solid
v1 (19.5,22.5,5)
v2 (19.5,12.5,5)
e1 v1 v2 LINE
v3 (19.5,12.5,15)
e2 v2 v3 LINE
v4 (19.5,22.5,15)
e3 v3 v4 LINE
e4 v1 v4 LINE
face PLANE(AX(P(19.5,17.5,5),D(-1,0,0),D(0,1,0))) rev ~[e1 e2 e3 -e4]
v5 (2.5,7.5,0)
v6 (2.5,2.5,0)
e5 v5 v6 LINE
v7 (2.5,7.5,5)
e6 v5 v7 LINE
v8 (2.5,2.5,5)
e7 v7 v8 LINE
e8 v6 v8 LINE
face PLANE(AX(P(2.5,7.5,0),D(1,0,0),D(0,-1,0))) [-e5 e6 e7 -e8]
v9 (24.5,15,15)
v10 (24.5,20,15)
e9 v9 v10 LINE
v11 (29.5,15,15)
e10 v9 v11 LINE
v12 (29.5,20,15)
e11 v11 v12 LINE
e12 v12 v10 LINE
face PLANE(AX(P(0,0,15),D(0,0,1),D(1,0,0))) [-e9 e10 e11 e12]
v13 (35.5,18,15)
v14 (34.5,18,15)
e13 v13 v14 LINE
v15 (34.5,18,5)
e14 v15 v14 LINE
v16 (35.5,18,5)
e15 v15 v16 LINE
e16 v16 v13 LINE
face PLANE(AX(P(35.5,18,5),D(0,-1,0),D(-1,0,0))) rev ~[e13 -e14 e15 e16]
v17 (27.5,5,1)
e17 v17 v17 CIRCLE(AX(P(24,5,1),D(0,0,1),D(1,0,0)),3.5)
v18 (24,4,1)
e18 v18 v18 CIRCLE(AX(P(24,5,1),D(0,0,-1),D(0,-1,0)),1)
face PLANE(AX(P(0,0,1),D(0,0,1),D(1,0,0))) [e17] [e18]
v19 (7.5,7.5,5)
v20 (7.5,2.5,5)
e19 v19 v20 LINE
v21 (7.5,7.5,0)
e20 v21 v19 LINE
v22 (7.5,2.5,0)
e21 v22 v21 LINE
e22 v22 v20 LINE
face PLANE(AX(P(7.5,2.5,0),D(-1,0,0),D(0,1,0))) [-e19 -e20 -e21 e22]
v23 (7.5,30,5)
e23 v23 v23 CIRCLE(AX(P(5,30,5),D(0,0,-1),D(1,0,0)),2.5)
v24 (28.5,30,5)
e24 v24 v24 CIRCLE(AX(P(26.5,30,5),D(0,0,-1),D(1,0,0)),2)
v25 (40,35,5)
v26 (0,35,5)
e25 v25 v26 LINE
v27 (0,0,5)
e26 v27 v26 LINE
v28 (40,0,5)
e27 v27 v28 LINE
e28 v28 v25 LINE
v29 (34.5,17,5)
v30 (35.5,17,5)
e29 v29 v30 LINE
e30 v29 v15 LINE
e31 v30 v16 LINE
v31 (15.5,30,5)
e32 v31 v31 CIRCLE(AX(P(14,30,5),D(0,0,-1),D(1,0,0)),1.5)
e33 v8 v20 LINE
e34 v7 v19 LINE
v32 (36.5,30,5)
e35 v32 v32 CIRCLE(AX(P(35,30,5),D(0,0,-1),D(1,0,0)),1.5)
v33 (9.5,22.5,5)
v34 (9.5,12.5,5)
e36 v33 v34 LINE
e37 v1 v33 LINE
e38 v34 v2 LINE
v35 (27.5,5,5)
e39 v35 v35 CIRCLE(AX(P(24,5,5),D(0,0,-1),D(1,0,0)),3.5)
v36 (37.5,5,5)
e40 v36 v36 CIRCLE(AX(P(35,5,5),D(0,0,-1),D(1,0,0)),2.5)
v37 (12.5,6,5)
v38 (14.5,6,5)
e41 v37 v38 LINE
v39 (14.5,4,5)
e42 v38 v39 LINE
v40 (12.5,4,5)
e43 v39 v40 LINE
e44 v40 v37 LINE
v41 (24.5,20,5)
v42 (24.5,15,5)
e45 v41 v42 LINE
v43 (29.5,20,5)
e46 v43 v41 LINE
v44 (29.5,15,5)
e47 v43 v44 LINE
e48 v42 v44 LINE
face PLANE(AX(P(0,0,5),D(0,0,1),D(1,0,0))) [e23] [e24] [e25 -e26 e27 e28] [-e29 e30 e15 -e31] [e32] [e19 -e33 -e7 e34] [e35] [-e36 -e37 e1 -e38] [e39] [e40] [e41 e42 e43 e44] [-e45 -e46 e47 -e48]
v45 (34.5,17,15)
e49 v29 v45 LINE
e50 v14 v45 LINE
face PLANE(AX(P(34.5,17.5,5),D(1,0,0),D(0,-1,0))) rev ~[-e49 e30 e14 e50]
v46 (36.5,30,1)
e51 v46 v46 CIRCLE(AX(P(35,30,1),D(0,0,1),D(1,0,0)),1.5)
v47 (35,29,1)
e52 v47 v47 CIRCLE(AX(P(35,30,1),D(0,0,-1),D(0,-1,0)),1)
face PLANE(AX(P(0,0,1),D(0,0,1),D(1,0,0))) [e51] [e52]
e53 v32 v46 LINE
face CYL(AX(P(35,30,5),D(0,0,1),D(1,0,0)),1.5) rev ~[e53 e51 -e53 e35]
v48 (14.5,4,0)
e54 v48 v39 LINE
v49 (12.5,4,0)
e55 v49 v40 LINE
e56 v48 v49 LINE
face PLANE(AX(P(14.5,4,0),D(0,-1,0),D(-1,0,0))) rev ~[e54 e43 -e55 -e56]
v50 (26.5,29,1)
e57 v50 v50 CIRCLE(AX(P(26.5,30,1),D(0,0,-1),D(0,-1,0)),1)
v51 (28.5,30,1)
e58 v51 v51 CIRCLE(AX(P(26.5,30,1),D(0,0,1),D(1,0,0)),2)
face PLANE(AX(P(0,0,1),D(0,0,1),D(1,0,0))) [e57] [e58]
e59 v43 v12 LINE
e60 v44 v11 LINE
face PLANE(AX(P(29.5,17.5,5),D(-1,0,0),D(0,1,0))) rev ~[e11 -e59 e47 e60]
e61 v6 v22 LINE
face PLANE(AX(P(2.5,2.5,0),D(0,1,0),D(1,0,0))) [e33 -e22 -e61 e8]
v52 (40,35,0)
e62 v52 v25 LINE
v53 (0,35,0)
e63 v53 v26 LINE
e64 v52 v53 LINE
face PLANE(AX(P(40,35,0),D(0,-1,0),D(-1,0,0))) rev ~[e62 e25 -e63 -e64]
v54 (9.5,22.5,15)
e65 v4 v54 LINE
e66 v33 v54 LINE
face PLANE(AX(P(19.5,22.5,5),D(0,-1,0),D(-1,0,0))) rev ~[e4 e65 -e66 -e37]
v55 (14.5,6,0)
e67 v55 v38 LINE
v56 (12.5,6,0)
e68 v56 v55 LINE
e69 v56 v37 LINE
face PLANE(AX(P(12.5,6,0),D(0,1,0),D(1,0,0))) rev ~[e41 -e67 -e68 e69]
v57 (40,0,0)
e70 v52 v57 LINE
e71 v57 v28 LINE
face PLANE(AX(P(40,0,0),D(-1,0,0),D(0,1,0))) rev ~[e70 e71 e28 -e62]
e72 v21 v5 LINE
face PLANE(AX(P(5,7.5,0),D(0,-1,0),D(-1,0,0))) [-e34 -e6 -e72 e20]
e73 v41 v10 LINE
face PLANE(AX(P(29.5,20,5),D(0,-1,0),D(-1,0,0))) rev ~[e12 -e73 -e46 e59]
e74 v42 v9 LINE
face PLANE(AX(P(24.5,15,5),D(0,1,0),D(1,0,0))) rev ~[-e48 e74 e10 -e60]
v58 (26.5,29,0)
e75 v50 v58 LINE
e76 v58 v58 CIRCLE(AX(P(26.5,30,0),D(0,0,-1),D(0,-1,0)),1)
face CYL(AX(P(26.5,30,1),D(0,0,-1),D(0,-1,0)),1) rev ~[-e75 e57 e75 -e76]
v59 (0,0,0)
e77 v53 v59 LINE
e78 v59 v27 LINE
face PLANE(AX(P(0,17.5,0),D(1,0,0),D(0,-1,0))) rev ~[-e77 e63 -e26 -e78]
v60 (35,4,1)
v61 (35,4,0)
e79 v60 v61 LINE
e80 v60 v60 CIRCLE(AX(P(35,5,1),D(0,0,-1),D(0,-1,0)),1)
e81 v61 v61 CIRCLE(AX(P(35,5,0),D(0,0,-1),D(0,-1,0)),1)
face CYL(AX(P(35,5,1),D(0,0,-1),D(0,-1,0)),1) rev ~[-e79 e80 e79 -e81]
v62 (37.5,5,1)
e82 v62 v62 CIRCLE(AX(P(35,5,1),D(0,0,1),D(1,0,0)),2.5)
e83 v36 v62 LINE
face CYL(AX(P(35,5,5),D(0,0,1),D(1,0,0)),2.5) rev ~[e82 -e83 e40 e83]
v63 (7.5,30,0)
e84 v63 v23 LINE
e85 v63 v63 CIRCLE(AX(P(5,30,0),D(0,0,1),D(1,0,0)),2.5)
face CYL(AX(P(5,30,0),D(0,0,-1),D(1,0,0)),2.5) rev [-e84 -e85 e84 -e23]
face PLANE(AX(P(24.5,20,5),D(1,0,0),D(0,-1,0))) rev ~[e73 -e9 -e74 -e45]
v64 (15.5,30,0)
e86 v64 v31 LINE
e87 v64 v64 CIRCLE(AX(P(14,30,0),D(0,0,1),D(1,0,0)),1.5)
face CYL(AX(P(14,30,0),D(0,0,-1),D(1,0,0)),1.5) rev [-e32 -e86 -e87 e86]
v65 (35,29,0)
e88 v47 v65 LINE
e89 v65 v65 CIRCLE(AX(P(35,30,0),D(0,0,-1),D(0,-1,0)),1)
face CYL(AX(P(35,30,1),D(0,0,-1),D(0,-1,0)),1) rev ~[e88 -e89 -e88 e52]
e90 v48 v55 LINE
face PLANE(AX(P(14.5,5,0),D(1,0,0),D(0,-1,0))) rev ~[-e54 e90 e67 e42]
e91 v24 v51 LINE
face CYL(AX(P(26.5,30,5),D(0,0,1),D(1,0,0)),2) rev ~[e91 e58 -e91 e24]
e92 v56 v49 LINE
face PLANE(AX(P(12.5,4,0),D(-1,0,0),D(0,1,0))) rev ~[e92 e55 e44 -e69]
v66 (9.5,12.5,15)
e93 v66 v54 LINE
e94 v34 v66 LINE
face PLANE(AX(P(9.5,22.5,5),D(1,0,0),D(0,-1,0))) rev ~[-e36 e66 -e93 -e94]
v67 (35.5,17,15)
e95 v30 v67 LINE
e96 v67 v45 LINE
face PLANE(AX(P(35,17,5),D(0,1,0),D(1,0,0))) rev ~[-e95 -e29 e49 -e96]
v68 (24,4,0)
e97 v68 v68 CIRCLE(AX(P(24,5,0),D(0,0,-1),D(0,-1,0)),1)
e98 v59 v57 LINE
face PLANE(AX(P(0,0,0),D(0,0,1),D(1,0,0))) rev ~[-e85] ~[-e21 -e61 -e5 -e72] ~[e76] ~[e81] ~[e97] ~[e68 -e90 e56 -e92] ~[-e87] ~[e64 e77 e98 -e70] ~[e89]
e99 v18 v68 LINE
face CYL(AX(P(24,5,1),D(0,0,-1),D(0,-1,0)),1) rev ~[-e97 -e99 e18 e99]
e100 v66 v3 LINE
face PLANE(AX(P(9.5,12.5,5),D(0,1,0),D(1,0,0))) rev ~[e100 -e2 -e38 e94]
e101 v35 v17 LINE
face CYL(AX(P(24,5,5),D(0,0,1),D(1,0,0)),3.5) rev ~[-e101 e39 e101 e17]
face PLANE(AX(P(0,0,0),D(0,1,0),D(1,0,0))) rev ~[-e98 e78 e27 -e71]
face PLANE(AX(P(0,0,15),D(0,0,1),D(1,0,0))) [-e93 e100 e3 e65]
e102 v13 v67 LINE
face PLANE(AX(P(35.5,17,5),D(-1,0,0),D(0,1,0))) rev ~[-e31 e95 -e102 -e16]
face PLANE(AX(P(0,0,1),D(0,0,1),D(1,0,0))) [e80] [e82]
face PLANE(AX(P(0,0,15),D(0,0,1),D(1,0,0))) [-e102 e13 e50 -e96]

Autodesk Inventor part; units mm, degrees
ref_plane "YZ Plane" through (0, 0, 0) normal (1, 0, 0) x (0, 1, 0)
ref_plane "XZ Plane" through (0, 0, 0) normal (0, 1, 0) x (-1, 0, 0)
ref_plane "XY Plane" through (0, 0, 0) normal (0, 0, 1) x (1, 0, 0)
sketch "Эскиз1" plane through (0, 0, 0) normal (0, 0, 1) x (1, 0, 0)
  line L0 (0, 0) -> (40, 0)
  line L1 (40, 0) -> (40, 35)
  line L2 (40, 35) -> (0, 35)
  line L3 (0, 35) -> (0, 0)
  line L4 (0, 17.5) -> (40, 17.5)
  line L5 (5, 5) -> (35, 5)
  line L6 (35, 5) -> (35, 30)
  line L7 (35, 30) -> (5, 30)
  line L8 (5, 30) -> (5, 5)
  line L9 (5, 5) -> (35, 30) construction
  line L10 (35, 5) -> (5, 30) construction
  circle A0 centre (5, 30) radius 2.5
  line L11 (5, 30) -> (14, 30)
  circle A1 centre (14, 30) radius 1.5
  line L12 (2.5, 2.5) -> (7.5, 2.5)
  line L13 (7.5, 2.5) -> (7.5, 7.5)
  line L14 (7.5, 7.5) -> (2.5, 7.5)
  line L15 (2.5, 7.5) -> (2.5, 2.5)
  line L16 (2.5, 2.5) -> (7.5, 7.5) construction
  line L17 (7.5, 2.5) -> (2.5, 7.5) construction
  line L18 (5, 5) -> (13.5, 5)
  line L19 (12.5, 6) -> (14.5, 6)
  line L20 (14.5, 6) -> (14.5, 4)
  line L21 (14.5, 4) -> (12.5, 4)
  line L22 (12.5, 4) -> (12.5, 6)
  line L23 (12.5, 6) -> (14.5, 4) construction
  line L24 (14.5, 6) -> (12.5, 4) construction
  point P0 (20, 17.5)
  dimension "d0" = 40
  dimension "d1" = 35
  dimension "d2" = 30
  dimension "d3" = 25
  dimension "d4" = 5
  dimension "d5" = 9
  dimension "d6" = 3
  dimension "d7" = 5
  dimension "d8" = 5
  dimension "d9" = 8.5
  dimension "d10" = 2
  dimension "d11" = 2
extrude "Выдавливание1" add sketch "Эскиз1" along normal blind 5 contours L3 L4 L8 L14 L15 L12 L13 L5 L22 L21 L20 L6 L1 L0 | L3 L2 L1 L4 L6 L7 A1 A0 L8 | L8 A0 L7 A1 L6 L4 | L4 L6 L5 L20 L19 L22 L13 L14 L8
sketch "Эскиз3" plane through (0, 0, 5) normal (0, 0, 1) x (1, 0, 0)
  line L0 (0, 35) -> (0, 0) projected
  line L1 (0, 17.5) -> (40, 17.5)
  line L2 (40, 0) -> (40, 35) projected
  line L3 (40, 0) -> (40, 35) projected
  line L4 (40, 35) -> (0, 35) projected
  line L5 (0, 35) -> (0, 0) projected
  line L6 (0, 0) -> (40, 0) projected
  line L7 (7.5, 7.5) -> (7.5, 2.5) projected
  line L8 (7.5, 2.5) -> (2.5, 2.5) projected
  line L9 (2.5, 2.5) -> (2.5, 7.5) projected
  line L10 (2.5, 7.5) -> (7.5, 7.5) projected
  line L11 (14.5, 4) -> (12.5, 4) projected
  line L12 (12.5, 4) -> (12.5, 6) projected
  line L13 (12.5, 6) -> (14.5, 6) projected
  line L14 (14.5, 6) -> (14.5, 4) projected
  circle A0 centre (14, 30) radius 1.5 projected
  circle A1 centre (5, 30) radius 2.5 projected
  line L15 (5, 5) -> (35, 5)
  line L16 (35, 5) -> (35, 30)
  line L17 (35, 30) -> (5, 30)
  line L18 (5, 30) -> (5, 5)
  line L19 (5, 5) -> (35, 30) construction
  line L20 (35, 5) -> (5, 30) construction
  line L21 (34.5, 17) -> (35.5, 17)
  line L22 (35.5, 17) -> (35.5, 18)
  line L23 (35.5, 18) -> (34.5, 18)
  line L24 (34.5, 18) -> (34.5, 17)
  line L25 (34.5, 17) -> (35.5, 18) construction
  line L26 (35.5, 17) -> (34.5, 18) construction
  line L27 (35, 17.5) -> (27, 17.5)
  line L28 (24.5, 15) -> (29.5, 15)
  line L29 (29.5, 15) -> (29.5, 20)
  line L30 (29.5, 20) -> (24.5, 20)
  line L31 (24.5, 20) -> (24.5, 15)
  line L32 (24.5, 15) -> (29.5, 20) construction
  line L33 (29.5, 15) -> (24.5, 20) construction
  line L34 (27, 17.5) -> (14.5, 17.5)
  line L35 (9.5, 12.5) -> (19.5, 12.5)
  line L36 (19.5, 12.5) -> (19.5, 22.5)
  line L37 (19.5, 22.5) -> (9.5, 22.5)
  line L38 (9.5, 22.5) -> (9.5, 12.5)
  line L39 (9.5, 12.5) -> (19.5, 22.5) construction
  line L40 (19.5, 12.5) -> (9.5, 22.5) construction
  line L41 (24.5, 20) -> (29.5, 20)
  line L42 (29.5, 20) -> (29.5, 15)
  line L43 (29.5, 15) -> (24.5, 15)
  line L44 (24.5, 15) -> (24.5, 20)
  point P0 (20, 17.5)
  dimension "d14" = 35
  dimension "d15" = 40
  dimension "d16" = 30
  dimension "d17" = 25
  dimension "d18" = 1
  dimension "d19" = 1
  dimension "d20" = 8
  dimension "d21" = 5
  dimension "d22" = 5
  dimension "d23" = 12.5
  dimension "d24" = 10
  dimension "d25" = 10
extrude "Выдавливание2" add sketch "Эскиз3" along normal blind 10 contours L38 L37 L36 L1 | L1 L36 L35 L38 | L22 L21 L16 L1 | L1 L16 L23 L22 | L16 L21 L24 L1 | L1 L24 L23 L16 | L31 L30 L29 L1 | L1 L29 L28 L31
sketch "Эскиз4" plane through (0, 0, 5) normal (0, 0, 1) x (1, 0, 0)
  line L0 (34.5, 17) -> (34.5, 18) projected
  line L1 (34.5, 18) -> (35.5, 18) projected
  line L2 (35.5, 18) -> (35.5, 17) projected
  line L3 (35.5, 17) -> (34.5, 17) projected
  line L4 (19.5, 22.5) -> (19.5, 12.5) projected
  line L5 (19.5, 12.5) -> (9.5, 12.5) projected
  line L6 (9.5, 12.5) -> (9.5, 22.5) projected
  line L7 (9.5, 22.5) -> (19.5, 22.5) projected
  line L8 (24.5, 15) -> (24.5, 20) projected
  line L9 (24.5, 20) -> (29.5, 20) projected
  line L10 (29.5, 20) -> (29.5, 15) projected
  line L11 (29.5, 15) -> (24.5, 15) projected
  line L12 (0, 35) -> (0, 0) projected
  line L13 (0, 0) -> (40, 0) projected
  line L14 (40, 0) -> (40, 35) projected
  line L15 (40, 35) -> (0, 35) projected
  line L16 (2.5, 2.5) -> (2.5, 7.5) projected
  line L17 (2.5, 7.5) -> (7.5, 7.5) projected
  line L18 (7.5, 7.5) -> (7.5, 2.5) projected
  line L19 (7.5, 2.5) -> (2.5, 2.5) projected
  line L20 (12.5, 6) -> (14.5, 6) projected
  line L21 (14.5, 6) -> (14.5, 4) projected
  line L22 (14.5, 4) -> (12.5, 4) projected
  line L23 (12.5, 4) -> (12.5, 6) projected
  circle A0 centre (14, 30) radius 1.5 projected
  circle A1 centre (5, 30) radius 2.5 projected
  line L24 (0, 35) -> (0, 0) projected
  line L25 (0, 17.5) -> (40, 17.5)
  line L26 (40, 0) -> (40, 35) projected
  line L27 (5, 5) -> (35, 5)
  line L28 (35, 5) -> (35, 30)
  line L29 (35, 30) -> (5, 30)
  line L30 (5, 30) -> (5, 5)
  line L31 (5, 5) -> (35, 30) construction
  line L32 (35, 5) -> (5, 30) construction
  circle A2 centre (35, 30) radius 1.5
  line L33 (35, 30) -> (26.5, 30)
  circle A3 centre (26.5, 30) radius 2
  circle A4 centre (35, 5) radius 2.5
  line L34 (35, 5) -> (24, 5)
  circle A5 centre (24, 5) radius 3.5
  point P0 (20, 17.5)
  dimension "d28" = 30
  dimension "d29" = 25
  dimension "d30" = 35
  dimension "d31" = 40
  dimension "d32" = 3
  dimension "d33" = 8.5
  dimension "d34" = 4
  dimension "d35" = 5
  dimension "d36" = 11
  dimension "d37" = 7
extrude "Выдавливание3" cut sketch "Эскиз4" against normal blind 4 contours A4 L27 L28 | L28 L27 A4 | A2 L29 L28 | L28 L29 A2 | A5 L27 | L27 A5 | A3 L29 | L29 A3
sketch "Эскиз5" plane through (26.5, 30, 1) normal (0, 0, 1) x (1, 0, 0)
  circle A0 centre (0, 0) radius 2 projected
  circle A1 centre (8.5, 0) radius 1.5 projected
  circle A2 centre (-2.5, -25) radius 3.5 projected
  circle A3 centre (8.5, -25) radius 2.5 projected
  point P0 (-26.5, -30)
hole "Отверстие1" at (26.5, 30, 1) at (35, 30, 1) at (24, 5, 1) at (35, 5, 1) direction (0, 0, -1) diameter 2 end through all
properties part number "Тестовая модель (Валы, столбы, подшипники)"
